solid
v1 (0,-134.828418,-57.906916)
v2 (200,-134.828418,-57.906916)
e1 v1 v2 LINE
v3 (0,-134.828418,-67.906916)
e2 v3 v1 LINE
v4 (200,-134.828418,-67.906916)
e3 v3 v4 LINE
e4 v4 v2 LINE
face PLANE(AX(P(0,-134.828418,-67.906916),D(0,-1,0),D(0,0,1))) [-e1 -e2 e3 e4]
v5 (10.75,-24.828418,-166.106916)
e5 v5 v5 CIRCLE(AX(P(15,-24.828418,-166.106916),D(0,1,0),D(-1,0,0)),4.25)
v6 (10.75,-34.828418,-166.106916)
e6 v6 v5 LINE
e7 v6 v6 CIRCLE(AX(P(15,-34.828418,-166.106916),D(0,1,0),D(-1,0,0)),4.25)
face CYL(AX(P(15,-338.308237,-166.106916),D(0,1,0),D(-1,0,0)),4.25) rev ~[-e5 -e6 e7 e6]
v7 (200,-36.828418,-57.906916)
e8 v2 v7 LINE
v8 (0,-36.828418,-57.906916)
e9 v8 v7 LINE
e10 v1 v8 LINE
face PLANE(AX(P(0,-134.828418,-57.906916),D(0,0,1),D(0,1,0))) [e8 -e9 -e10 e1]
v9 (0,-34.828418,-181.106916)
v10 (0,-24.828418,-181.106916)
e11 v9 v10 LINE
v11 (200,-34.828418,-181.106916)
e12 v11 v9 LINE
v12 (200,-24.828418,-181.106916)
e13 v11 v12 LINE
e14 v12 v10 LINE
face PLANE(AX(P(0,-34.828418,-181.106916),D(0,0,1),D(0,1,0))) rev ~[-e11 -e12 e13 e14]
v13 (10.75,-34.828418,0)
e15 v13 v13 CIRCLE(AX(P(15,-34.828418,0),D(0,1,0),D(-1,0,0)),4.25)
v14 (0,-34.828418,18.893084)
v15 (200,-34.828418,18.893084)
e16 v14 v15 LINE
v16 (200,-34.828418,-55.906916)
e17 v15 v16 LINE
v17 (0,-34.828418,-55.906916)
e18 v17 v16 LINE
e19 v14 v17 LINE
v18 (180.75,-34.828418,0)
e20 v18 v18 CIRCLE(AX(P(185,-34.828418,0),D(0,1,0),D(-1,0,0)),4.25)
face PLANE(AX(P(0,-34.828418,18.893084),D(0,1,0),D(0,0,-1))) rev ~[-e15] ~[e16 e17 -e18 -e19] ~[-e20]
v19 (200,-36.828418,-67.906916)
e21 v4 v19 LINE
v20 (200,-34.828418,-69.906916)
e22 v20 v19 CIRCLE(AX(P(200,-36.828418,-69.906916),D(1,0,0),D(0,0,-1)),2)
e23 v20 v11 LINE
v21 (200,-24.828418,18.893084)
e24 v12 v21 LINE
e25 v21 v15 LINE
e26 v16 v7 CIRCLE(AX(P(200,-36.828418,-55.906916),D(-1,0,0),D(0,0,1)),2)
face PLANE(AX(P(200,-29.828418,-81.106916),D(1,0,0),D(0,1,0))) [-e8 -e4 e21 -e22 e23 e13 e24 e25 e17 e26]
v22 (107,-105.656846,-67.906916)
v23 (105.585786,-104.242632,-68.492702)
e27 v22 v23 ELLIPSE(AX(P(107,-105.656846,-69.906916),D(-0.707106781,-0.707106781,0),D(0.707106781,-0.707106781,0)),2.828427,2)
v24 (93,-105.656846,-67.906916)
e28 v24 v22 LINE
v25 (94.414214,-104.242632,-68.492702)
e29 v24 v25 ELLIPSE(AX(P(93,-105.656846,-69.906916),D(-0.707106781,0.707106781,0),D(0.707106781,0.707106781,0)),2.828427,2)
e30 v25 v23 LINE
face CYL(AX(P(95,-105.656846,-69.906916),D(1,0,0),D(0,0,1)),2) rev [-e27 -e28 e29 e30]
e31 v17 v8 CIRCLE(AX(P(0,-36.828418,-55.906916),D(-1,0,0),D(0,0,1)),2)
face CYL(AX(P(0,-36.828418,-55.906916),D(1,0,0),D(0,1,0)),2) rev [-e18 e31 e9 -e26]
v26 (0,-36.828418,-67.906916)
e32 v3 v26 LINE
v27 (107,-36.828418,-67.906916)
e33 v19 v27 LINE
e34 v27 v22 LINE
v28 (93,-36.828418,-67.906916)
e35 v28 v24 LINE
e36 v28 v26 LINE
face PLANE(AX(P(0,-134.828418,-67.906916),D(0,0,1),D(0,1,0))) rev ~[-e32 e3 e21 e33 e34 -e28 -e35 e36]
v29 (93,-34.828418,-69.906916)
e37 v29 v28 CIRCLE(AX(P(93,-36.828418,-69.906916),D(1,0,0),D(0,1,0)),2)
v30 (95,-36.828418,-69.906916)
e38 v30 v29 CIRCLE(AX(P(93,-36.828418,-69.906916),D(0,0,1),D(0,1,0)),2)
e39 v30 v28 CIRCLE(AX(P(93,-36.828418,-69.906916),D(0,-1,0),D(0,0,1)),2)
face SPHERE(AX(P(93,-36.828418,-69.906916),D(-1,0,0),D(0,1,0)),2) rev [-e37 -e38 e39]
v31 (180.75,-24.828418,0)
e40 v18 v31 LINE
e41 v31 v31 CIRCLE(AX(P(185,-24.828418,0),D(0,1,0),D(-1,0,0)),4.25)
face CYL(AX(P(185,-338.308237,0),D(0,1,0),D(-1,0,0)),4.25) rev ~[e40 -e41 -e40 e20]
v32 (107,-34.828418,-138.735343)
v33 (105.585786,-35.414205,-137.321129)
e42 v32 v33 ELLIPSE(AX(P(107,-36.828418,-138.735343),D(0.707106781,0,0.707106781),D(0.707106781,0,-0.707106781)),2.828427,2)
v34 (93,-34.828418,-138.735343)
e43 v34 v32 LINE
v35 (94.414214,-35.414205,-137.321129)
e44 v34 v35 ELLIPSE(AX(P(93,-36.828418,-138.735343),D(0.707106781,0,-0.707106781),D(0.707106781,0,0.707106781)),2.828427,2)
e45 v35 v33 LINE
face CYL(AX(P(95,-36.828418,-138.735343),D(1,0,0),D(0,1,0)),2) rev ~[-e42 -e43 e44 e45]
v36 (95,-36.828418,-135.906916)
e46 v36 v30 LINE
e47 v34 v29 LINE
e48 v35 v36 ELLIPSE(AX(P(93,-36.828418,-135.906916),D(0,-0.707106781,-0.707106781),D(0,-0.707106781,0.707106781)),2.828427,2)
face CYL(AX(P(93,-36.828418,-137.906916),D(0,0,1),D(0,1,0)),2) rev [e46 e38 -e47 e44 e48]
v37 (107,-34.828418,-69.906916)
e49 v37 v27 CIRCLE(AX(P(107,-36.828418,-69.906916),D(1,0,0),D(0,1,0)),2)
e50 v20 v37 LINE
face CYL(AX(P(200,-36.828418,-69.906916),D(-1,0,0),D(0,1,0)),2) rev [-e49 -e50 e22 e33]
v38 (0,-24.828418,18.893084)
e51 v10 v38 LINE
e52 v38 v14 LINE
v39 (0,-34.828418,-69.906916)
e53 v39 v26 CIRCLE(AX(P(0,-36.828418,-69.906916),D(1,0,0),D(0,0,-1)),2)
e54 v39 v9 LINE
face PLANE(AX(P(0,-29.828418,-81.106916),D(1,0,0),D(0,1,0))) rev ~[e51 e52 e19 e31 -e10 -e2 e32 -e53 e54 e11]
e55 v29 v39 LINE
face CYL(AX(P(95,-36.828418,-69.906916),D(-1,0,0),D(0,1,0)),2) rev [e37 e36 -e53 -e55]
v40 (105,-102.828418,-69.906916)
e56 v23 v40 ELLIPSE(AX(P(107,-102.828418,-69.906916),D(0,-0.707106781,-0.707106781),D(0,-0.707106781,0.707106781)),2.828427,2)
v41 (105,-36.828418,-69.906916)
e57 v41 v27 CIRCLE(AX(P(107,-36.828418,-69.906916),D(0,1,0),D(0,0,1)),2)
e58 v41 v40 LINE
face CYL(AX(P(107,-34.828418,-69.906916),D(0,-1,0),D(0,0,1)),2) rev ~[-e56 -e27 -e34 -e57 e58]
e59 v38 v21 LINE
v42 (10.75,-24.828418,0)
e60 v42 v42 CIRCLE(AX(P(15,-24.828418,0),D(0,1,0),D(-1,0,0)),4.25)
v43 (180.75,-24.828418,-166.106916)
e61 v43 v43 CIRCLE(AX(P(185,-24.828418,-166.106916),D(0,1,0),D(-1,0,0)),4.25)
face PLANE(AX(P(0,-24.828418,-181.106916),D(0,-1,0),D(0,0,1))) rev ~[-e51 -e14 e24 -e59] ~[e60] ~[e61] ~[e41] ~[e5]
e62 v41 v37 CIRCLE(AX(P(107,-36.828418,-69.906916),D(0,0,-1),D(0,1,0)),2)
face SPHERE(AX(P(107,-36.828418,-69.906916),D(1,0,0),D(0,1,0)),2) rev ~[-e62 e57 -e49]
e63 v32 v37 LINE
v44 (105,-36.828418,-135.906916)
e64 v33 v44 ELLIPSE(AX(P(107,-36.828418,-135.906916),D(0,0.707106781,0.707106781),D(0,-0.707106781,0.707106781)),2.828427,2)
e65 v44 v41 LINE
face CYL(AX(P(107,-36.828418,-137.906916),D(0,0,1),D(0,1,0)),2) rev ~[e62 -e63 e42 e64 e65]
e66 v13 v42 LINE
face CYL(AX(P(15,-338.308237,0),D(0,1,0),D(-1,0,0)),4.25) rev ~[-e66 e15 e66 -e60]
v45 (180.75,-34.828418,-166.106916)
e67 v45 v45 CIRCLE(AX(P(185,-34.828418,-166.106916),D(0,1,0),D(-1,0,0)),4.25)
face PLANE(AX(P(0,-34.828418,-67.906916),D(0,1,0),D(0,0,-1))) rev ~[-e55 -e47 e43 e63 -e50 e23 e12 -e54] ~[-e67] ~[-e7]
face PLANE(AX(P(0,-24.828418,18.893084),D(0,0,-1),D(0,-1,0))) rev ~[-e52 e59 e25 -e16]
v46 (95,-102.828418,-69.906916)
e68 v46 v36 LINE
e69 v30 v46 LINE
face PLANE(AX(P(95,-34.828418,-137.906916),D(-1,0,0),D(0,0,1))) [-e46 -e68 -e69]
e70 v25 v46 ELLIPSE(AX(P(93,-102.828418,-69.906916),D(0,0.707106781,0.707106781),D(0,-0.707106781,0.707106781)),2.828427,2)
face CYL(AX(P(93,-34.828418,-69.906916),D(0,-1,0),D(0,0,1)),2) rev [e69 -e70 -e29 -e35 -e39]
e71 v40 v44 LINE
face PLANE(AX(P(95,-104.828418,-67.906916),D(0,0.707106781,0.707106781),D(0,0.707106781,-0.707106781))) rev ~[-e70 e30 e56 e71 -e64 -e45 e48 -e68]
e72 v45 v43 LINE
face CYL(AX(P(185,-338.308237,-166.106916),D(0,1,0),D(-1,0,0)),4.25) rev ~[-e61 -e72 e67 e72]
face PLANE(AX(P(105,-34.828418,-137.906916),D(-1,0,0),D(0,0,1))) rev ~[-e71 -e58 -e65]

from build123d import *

# Parameters (mm, degrees)
F0_W     = 100
F0_H     = 10
F1_DEPTH = 25
F2_DEPTH = 200
F4_D     = 8.5
F5_W     = 10
F5_H     = 70
F6_DEPTH = 70
F8_DEPTH = 10
F9_R     = 2


with BuildPart() as f1:
    # F0 (on Right) → F1 (new body)
    with BuildSketch(Plane.YZ):
        Polygon((-24.8284184933, -181.1069155963), (-24.8284184933, 18.8930844037), (-34.8284184933, 18.8930844037), (-34.8284184933, -57.9069155963), (-34.8284184933, -67.9069155963), (-34.8284184933, -181.1069155963), align=None)
        with Locations((-84.8284184933, -62.9069155963)):
            Rectangle(F0_W, F0_H)
    extrude(amount=F1_DEPTH)

    # F0 (on Right) + F1_face (on face) → F2 (join)
    with BuildSketch(Plane.YZ):
        Polygon((-24.8284184933, -181.1069155963), (-24.8284184933, 18.8930844037), (-34.8284184933, 18.8930844037), (-34.8284184933, -57.9069155963), (-34.8284184933, -67.9069155963), (-34.8284184933, -181.1069155963), align=None)
        with Locations((-84.8284184933, -62.9069155963)):
            Rectangle(F0_W, F0_H)
    with BuildSketch(Plane(origin=(0, -48.1617518266, -75.0402489297), x_dir=(0, 1, 0), z_dir=(-1, 0, 0))):
        Polygon((23.3333333333, -93.9333333333), (23.3333333333, 106.0666666667), (13.3333333333, 106.0666666667), (13.3333333333, -7.1333333333), (-86.6666666667, -7.1333333333), (-86.6666666667, -17.1333333333), (13.3333333333, -17.1333333333), (13.3333333333, -93.9333333333), align=None)
    extrude(amount=F2_DEPTH, dir=(1, 0, 0))

    # F4 (through all)
    with Locations(Plane.XZ.offset(34.8284184933)):
        with Locations((15, 0), (185, 0), (185, -166.1069155963), (15, -166.1069155963)):
            Hole(F4_D / 2)

    # F5 (on face) → F6 (join)
    with BuildSketch(Plane.XZ.offset(34.8284184933)):
        with Locations((100, -102.9069155963)):
            Rectangle(F5_W, F5_H)
    extrude(amount=F6_DEPTH)

    # F7 (on face) → F8 (cut)
    with BuildSketch(Plane(origin=(95, 0, 0), x_dir=(0, -1, 0), z_dir=(-1, 0, 0))):
        Polygon((104.8284184933, -67.9069155963), (34.8284184933, -137.9069155963), (104.8284184933, -137.9069155963), align=None)
    extrude(amount=-F8_DEPTH, mode=Mode.SUBTRACT)

    # F9
    f9_edges = [f1.edges().sort_by_distance(p)[0] for p in [
        (100, -34.828418, -57.906916),
        (47.5, -34.828418, -67.906916),
        (152.5, -34.828418, -67.906916),
        (95, -34.828418, -102.906916),
        (95, -69.828418, -67.906916),
        (100, -34.828418, -137.906916),
        (100, -104.828418, -67.906916),
        (105, -34.828418, -102.906916),
        (105, -69.828418, -67.906916),
    ]]
    fillet(f9_edges, radius=F9_R)


solid = f1.part
